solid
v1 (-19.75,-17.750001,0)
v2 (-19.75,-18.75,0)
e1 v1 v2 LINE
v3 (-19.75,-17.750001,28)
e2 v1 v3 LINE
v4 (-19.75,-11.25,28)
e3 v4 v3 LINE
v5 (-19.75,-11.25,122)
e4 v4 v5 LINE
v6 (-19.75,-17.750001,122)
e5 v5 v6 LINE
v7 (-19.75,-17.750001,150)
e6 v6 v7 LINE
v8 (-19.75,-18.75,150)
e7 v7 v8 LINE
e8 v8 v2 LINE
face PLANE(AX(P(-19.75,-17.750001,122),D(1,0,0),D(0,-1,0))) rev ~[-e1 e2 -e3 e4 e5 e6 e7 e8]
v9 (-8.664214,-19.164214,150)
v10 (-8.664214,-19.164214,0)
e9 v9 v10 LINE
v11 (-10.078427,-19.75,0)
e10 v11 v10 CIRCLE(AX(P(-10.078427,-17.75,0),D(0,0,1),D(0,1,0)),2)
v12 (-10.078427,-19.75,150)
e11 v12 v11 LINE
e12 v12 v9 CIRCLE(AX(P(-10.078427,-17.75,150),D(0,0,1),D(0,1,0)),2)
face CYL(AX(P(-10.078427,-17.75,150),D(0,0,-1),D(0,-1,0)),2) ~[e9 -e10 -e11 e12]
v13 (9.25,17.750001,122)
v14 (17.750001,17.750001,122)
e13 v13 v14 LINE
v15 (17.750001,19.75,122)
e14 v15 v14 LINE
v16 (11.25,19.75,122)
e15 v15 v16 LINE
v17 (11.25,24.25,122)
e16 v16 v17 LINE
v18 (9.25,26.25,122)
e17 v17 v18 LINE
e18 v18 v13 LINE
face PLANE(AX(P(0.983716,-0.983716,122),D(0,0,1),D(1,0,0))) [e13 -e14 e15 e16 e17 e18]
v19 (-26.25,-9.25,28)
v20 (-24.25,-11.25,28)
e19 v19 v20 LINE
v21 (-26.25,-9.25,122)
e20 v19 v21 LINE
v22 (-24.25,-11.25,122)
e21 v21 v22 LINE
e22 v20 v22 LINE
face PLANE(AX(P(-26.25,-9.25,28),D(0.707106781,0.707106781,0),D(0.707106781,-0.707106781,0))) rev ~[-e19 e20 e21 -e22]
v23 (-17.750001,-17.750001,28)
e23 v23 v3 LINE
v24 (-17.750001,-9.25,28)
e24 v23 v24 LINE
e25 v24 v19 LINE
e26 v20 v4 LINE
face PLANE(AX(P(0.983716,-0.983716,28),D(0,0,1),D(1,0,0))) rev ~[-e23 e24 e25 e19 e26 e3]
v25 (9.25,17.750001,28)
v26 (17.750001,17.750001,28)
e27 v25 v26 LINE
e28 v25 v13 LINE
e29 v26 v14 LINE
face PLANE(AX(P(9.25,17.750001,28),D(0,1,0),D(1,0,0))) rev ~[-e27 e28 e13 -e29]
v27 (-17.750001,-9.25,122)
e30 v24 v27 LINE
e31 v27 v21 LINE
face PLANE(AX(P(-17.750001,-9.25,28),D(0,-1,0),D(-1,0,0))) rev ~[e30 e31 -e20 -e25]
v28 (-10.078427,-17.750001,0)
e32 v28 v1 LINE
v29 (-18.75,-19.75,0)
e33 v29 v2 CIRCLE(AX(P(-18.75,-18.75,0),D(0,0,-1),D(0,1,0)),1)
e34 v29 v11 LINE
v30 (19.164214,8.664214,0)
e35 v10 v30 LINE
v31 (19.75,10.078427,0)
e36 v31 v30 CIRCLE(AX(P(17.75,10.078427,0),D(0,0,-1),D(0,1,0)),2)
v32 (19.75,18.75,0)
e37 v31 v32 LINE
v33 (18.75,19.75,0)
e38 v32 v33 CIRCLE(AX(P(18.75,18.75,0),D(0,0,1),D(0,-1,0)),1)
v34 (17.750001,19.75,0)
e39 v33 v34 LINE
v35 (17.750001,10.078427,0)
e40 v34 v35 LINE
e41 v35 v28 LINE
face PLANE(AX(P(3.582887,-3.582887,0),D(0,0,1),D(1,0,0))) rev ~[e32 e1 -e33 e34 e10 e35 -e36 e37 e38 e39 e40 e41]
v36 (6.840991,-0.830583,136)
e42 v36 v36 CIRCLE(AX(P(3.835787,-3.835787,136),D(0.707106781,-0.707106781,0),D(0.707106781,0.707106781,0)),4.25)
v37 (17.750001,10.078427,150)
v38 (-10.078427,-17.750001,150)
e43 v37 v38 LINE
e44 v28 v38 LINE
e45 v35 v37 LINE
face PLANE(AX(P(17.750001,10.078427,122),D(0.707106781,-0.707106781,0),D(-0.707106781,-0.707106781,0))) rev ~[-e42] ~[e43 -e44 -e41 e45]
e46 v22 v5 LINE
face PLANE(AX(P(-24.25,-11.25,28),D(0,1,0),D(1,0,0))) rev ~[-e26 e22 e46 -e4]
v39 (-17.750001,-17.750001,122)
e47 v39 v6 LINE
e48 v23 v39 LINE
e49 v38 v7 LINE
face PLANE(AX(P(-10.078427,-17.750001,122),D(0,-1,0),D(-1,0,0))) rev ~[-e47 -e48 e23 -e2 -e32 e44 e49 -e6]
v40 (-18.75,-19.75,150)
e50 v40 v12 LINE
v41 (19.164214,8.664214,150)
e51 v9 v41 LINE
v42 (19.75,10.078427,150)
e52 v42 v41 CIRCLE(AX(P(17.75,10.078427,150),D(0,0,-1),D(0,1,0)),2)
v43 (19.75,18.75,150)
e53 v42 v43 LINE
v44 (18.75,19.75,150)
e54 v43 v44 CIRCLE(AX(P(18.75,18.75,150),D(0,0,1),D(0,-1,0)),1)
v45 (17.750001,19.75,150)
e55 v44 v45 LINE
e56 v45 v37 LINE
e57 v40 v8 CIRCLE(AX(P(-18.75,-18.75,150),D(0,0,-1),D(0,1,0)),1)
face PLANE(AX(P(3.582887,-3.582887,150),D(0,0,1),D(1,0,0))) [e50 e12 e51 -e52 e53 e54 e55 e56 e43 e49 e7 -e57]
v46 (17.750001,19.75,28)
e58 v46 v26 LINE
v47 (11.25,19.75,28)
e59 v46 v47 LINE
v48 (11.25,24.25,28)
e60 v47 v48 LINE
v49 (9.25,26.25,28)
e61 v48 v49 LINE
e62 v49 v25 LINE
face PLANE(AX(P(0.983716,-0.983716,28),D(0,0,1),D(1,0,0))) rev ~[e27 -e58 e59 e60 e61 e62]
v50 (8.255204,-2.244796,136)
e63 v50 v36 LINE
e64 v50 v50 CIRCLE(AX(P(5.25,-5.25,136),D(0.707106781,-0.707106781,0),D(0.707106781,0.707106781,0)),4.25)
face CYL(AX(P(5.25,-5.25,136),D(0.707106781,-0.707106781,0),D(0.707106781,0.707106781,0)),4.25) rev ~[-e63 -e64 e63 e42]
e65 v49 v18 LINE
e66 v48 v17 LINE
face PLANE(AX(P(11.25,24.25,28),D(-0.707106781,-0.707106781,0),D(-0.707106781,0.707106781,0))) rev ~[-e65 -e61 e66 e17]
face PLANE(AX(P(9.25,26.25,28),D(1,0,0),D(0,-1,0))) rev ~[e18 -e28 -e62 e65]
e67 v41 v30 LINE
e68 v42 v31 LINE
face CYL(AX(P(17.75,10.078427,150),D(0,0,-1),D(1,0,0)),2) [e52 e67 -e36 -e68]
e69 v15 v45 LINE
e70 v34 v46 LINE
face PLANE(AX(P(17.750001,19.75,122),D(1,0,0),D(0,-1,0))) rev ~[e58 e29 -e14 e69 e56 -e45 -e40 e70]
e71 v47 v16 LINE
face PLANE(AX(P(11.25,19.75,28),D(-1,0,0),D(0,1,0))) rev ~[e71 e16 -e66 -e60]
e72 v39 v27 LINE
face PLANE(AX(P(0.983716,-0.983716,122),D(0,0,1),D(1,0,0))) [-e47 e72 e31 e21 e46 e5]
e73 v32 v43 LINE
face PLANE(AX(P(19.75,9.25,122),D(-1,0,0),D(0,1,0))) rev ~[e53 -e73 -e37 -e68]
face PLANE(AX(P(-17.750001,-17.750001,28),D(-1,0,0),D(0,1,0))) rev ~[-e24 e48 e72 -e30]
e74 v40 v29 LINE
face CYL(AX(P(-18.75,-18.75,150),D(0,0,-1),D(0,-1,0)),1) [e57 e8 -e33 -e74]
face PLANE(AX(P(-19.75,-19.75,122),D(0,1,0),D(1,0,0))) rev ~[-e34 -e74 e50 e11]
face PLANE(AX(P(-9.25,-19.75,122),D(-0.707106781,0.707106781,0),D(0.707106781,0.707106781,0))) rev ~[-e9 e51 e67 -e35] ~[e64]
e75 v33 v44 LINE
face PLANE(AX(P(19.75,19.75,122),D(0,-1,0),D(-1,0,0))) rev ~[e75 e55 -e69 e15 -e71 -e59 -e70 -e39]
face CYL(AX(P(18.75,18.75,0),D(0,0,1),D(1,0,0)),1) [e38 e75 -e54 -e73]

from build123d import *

# Parameters (mm, degrees)
F1_DEPTH = 28
F3_DEPTH = 94
F5_DEPTH = 28
F6_R     = 2
F7_R     = 1
F8_R     = 4.25
F9_DEPTH = 25


with BuildPart() as f1:
    # F0 (on Top) → F1 (new body)
    with BuildSketch(Plane.XY):
        Polygon((-19.75, -17.750001), (-19.75, -19.75), (-9.25, -19.75), (19.75, 9.25), (19.75, 19.75), (17.750001, 19.75), (17.750001, 10.078427), (-10.078427, -17.750001), align=None)
    extrude(amount=F1_DEPTH)

    # F2 (on face) → F3 (join)
    with BuildSketch(Plane.XY.offset(28)):
        Polygon((-19.75, -19.75), (-9.25, -19.75), (19.75, 9.25), (19.75, 19.75), (11.25, 19.75), (11.25, 24.25), (9.25, 26.25), (9.25, 23.421573), (9.25, 19.75), (9.25, 17.750001), (17.750001, 17.750001), (17.750001, 10.078427), (16.585787, 8.914213), (-8.914213, -16.585787), (-10.078427, -17.750001), (-17.750001, -17.750001), (-17.750001, -9.25), (-19.75, -9.25), (-23.421573, -9.25), (-26.25, -9.25), (-24.25, -11.25), (-19.75, -11.25), align=None)
    extrude(amount=F3_DEPTH)

    # F4 (on face) → F5 (join)
    with BuildSketch(Plane.XY.offset(122)):
        Polygon((19.75, 9.25), (19.75, 19.75), (17.750001, 19.75), (17.750001, 10.078427), (-10.078427, -17.750001), (-19.75, -17.750001), (-19.75, -19.75), (-9.25, -19.75), align=None)
    extrude(amount=F5_DEPTH)

    # F6
    f6_edges = [f1.edges().sort_by_distance(p)[0] for p in [
        (19.75, 9.25, 75),
        (-9.25, -19.75, 75),
    ]]
    fillet(f6_edges, radius=F6_R)

    # F7
    f7_edges = [f1.edges().sort_by_distance(p)[0] for p in [
        (-19.75, -19.75, 75),
        (19.75, 19.75, 75),
    ]]
    fillet(f7_edges, radius=F7_R)

    # F8 (on face) → F9 (cut)
    with BuildSketch(Plane(origin=(5.25, -5.25, 0), x_dir=(0.707107, 0.707107, 0), z_dir=(0.707107, -0.707107, 0))):
        with Locations((0, 136)):
            Circle(F8_R)
    extrude(amount=-F9_DEPTH, mode=Mode.SUBTRACT)


solid = f1.part
